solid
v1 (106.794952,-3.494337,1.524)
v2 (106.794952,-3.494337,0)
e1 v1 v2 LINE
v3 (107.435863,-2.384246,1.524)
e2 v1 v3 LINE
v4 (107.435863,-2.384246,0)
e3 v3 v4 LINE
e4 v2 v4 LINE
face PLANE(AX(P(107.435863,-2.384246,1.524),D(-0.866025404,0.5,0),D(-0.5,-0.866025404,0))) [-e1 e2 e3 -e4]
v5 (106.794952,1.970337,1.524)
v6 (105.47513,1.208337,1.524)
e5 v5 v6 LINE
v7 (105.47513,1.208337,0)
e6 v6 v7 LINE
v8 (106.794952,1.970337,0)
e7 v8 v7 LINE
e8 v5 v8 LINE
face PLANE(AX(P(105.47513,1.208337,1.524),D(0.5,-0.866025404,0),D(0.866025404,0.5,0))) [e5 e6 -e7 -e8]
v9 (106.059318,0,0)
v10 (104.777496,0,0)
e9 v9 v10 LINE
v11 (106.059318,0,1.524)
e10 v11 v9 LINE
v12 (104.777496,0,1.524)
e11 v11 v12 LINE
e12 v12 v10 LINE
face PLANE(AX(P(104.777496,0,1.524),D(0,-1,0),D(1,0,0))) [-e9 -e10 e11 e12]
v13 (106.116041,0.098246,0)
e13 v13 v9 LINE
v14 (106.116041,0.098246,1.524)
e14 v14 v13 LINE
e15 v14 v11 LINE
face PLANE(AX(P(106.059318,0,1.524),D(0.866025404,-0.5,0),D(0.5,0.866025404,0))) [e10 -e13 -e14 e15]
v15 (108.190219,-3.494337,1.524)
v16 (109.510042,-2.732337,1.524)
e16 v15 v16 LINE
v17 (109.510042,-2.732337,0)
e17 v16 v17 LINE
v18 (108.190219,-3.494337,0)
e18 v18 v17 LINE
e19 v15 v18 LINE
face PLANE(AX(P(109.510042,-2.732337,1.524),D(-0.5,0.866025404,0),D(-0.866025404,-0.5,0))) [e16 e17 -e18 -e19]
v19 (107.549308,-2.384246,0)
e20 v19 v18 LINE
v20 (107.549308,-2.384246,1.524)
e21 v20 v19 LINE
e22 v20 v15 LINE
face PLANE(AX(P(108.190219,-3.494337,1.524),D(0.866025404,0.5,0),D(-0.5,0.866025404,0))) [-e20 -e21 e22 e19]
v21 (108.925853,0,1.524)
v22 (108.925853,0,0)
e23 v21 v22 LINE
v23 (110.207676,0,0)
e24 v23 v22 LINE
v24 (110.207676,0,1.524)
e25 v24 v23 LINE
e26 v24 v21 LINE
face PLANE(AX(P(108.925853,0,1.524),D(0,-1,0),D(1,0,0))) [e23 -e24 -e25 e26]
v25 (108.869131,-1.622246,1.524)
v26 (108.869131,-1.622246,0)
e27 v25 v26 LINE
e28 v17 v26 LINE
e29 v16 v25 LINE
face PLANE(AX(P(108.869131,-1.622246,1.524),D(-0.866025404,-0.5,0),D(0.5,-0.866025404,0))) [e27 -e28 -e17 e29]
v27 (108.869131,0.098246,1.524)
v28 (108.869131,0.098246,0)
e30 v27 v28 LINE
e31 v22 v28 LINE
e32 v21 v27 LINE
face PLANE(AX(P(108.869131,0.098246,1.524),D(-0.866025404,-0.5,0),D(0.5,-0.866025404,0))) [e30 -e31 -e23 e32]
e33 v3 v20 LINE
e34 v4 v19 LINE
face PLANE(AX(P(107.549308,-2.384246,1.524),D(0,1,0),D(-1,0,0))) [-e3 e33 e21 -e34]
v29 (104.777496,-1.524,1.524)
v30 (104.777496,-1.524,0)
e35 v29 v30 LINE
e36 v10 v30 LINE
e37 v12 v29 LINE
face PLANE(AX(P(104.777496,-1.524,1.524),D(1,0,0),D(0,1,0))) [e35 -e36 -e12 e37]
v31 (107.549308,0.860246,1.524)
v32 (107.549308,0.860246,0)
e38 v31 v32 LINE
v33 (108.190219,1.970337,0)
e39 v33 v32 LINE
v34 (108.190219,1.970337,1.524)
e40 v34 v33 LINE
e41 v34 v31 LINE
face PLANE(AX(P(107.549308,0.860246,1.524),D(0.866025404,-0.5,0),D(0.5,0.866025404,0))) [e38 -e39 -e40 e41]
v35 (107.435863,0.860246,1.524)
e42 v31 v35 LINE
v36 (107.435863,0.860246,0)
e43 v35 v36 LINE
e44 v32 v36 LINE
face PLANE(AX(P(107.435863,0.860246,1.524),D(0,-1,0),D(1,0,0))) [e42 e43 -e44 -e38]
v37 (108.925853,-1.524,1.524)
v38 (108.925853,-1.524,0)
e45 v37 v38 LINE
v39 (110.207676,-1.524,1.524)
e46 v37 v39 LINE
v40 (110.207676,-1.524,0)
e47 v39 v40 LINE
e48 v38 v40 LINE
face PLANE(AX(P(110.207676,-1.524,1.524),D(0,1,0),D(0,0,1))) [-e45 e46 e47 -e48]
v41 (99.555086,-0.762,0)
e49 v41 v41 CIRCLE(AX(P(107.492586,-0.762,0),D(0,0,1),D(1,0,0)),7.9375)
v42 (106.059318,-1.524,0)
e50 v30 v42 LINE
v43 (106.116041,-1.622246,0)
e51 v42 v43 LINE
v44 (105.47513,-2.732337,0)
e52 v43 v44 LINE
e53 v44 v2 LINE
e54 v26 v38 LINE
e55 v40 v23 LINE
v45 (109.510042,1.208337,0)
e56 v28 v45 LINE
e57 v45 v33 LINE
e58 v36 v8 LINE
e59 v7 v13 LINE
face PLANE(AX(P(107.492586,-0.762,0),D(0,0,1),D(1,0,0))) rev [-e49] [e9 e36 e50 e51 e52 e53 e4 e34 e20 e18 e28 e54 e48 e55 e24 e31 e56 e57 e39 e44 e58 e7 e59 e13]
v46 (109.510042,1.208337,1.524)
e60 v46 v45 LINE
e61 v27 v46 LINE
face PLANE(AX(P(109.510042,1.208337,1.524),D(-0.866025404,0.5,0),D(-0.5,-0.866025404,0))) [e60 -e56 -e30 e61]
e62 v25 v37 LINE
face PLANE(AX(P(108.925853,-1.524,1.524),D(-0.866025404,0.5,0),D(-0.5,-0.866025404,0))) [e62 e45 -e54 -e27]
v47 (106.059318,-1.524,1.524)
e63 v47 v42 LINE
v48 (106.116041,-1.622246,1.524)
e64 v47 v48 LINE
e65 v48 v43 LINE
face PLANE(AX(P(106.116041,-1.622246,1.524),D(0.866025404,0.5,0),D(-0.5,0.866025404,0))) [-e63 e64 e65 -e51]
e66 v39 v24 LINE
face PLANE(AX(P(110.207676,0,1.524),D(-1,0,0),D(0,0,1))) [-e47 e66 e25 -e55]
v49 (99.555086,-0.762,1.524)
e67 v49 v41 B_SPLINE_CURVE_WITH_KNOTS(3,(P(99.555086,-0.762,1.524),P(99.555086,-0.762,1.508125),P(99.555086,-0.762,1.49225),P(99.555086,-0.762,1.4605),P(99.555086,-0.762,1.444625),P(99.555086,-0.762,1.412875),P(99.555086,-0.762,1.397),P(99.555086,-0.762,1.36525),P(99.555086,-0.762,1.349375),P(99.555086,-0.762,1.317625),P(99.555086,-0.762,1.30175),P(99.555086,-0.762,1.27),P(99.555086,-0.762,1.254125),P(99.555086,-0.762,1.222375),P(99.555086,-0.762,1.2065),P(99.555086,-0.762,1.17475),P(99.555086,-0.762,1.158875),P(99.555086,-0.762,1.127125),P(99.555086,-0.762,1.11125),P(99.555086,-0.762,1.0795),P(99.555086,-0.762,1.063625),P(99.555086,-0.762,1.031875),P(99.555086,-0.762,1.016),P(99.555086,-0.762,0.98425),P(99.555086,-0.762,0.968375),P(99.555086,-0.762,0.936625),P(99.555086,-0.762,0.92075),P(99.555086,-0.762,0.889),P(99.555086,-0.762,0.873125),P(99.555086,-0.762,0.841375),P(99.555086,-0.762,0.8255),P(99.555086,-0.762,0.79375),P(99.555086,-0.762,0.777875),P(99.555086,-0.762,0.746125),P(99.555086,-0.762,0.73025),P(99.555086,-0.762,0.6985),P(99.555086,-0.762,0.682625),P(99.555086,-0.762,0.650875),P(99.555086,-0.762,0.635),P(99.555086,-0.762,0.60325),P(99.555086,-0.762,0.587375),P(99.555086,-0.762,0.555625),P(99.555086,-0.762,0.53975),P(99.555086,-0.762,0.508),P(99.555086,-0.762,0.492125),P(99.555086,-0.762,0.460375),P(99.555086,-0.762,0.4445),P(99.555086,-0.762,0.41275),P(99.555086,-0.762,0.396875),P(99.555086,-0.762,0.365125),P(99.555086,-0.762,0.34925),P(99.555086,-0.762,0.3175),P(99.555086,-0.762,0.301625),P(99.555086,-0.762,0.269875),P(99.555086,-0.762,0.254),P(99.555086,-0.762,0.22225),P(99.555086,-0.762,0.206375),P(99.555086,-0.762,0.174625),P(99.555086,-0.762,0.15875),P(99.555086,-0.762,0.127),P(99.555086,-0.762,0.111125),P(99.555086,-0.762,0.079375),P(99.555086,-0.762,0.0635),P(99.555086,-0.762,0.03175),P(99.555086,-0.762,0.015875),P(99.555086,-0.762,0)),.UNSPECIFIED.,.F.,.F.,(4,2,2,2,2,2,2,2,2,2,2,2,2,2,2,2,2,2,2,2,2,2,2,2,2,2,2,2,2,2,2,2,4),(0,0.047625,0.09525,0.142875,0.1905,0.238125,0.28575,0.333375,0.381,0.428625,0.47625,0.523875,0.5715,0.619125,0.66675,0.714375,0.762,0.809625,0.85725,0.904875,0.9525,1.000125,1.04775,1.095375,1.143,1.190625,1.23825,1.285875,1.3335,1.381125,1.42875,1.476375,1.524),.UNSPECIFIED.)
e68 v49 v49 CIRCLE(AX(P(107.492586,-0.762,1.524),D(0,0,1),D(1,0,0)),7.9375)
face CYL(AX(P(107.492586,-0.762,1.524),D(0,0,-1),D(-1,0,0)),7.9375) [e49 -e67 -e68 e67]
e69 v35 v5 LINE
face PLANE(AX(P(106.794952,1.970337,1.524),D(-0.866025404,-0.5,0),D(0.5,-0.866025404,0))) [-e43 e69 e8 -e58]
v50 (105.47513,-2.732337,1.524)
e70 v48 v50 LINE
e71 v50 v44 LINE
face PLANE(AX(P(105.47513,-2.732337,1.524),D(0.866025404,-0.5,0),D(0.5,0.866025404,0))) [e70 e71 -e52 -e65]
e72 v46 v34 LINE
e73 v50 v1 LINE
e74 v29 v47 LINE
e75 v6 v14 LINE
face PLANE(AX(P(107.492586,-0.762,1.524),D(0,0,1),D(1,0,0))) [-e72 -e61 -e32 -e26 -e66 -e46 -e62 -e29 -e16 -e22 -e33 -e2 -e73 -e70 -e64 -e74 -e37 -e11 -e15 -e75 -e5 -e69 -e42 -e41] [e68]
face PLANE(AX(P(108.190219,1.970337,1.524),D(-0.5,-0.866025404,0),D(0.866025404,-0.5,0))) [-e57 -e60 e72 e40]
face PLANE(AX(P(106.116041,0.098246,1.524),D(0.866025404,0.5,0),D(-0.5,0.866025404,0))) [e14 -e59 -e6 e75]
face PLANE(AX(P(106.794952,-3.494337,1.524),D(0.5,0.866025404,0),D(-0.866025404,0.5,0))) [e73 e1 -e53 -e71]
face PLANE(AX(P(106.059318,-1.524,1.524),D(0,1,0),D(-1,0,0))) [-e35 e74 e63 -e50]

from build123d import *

# Parameters (mm, degrees)
SKETCH1_R           = 7.9375
BOSS_EXTRUDE1_DEPTH = 1.524


with BuildPart() as part:
    # Sketch1 → Boss-Extrude1 (new body)
    with BuildSketch(Plane.XY):
        with Locations(Location((107.492585866, -0.762, 0), (0, 0, 180))):
            Circle(SKETCH1_R)
        Polygon((110.207675722, 0), (110.207675722, -1.524), (108.925853356, -1.524), (108.869130969, -1.622246056), (109.510042152, -2.732336789), (108.190219437, -3.494336789), (107.549308253, -2.384246056), (107.435863479, -2.384246056), (106.794952296, -3.494336789), (105.47512958, -2.732336789), (106.116040764, -1.622246056), (106.059318377, -1.524), (104.77749601, -1.524), (104.77749601, 0), (106.059318377, 0), (106.116040764, 0.098246056), (105.47512958, 1.208336789), (106.794952296, 1.970336789), (107.435863479, 0.860246056), (107.549308253, 0.860246056), (108.190219437, 1.970336789), (109.510042152, 1.208336789), (108.869130969, 0.098246056), (108.925853356, 0), align=None, mode=Mode.SUBTRACT)
    extrude(amount=BOSS_EXTRUDE1_DEPTH)


solid = part.part
